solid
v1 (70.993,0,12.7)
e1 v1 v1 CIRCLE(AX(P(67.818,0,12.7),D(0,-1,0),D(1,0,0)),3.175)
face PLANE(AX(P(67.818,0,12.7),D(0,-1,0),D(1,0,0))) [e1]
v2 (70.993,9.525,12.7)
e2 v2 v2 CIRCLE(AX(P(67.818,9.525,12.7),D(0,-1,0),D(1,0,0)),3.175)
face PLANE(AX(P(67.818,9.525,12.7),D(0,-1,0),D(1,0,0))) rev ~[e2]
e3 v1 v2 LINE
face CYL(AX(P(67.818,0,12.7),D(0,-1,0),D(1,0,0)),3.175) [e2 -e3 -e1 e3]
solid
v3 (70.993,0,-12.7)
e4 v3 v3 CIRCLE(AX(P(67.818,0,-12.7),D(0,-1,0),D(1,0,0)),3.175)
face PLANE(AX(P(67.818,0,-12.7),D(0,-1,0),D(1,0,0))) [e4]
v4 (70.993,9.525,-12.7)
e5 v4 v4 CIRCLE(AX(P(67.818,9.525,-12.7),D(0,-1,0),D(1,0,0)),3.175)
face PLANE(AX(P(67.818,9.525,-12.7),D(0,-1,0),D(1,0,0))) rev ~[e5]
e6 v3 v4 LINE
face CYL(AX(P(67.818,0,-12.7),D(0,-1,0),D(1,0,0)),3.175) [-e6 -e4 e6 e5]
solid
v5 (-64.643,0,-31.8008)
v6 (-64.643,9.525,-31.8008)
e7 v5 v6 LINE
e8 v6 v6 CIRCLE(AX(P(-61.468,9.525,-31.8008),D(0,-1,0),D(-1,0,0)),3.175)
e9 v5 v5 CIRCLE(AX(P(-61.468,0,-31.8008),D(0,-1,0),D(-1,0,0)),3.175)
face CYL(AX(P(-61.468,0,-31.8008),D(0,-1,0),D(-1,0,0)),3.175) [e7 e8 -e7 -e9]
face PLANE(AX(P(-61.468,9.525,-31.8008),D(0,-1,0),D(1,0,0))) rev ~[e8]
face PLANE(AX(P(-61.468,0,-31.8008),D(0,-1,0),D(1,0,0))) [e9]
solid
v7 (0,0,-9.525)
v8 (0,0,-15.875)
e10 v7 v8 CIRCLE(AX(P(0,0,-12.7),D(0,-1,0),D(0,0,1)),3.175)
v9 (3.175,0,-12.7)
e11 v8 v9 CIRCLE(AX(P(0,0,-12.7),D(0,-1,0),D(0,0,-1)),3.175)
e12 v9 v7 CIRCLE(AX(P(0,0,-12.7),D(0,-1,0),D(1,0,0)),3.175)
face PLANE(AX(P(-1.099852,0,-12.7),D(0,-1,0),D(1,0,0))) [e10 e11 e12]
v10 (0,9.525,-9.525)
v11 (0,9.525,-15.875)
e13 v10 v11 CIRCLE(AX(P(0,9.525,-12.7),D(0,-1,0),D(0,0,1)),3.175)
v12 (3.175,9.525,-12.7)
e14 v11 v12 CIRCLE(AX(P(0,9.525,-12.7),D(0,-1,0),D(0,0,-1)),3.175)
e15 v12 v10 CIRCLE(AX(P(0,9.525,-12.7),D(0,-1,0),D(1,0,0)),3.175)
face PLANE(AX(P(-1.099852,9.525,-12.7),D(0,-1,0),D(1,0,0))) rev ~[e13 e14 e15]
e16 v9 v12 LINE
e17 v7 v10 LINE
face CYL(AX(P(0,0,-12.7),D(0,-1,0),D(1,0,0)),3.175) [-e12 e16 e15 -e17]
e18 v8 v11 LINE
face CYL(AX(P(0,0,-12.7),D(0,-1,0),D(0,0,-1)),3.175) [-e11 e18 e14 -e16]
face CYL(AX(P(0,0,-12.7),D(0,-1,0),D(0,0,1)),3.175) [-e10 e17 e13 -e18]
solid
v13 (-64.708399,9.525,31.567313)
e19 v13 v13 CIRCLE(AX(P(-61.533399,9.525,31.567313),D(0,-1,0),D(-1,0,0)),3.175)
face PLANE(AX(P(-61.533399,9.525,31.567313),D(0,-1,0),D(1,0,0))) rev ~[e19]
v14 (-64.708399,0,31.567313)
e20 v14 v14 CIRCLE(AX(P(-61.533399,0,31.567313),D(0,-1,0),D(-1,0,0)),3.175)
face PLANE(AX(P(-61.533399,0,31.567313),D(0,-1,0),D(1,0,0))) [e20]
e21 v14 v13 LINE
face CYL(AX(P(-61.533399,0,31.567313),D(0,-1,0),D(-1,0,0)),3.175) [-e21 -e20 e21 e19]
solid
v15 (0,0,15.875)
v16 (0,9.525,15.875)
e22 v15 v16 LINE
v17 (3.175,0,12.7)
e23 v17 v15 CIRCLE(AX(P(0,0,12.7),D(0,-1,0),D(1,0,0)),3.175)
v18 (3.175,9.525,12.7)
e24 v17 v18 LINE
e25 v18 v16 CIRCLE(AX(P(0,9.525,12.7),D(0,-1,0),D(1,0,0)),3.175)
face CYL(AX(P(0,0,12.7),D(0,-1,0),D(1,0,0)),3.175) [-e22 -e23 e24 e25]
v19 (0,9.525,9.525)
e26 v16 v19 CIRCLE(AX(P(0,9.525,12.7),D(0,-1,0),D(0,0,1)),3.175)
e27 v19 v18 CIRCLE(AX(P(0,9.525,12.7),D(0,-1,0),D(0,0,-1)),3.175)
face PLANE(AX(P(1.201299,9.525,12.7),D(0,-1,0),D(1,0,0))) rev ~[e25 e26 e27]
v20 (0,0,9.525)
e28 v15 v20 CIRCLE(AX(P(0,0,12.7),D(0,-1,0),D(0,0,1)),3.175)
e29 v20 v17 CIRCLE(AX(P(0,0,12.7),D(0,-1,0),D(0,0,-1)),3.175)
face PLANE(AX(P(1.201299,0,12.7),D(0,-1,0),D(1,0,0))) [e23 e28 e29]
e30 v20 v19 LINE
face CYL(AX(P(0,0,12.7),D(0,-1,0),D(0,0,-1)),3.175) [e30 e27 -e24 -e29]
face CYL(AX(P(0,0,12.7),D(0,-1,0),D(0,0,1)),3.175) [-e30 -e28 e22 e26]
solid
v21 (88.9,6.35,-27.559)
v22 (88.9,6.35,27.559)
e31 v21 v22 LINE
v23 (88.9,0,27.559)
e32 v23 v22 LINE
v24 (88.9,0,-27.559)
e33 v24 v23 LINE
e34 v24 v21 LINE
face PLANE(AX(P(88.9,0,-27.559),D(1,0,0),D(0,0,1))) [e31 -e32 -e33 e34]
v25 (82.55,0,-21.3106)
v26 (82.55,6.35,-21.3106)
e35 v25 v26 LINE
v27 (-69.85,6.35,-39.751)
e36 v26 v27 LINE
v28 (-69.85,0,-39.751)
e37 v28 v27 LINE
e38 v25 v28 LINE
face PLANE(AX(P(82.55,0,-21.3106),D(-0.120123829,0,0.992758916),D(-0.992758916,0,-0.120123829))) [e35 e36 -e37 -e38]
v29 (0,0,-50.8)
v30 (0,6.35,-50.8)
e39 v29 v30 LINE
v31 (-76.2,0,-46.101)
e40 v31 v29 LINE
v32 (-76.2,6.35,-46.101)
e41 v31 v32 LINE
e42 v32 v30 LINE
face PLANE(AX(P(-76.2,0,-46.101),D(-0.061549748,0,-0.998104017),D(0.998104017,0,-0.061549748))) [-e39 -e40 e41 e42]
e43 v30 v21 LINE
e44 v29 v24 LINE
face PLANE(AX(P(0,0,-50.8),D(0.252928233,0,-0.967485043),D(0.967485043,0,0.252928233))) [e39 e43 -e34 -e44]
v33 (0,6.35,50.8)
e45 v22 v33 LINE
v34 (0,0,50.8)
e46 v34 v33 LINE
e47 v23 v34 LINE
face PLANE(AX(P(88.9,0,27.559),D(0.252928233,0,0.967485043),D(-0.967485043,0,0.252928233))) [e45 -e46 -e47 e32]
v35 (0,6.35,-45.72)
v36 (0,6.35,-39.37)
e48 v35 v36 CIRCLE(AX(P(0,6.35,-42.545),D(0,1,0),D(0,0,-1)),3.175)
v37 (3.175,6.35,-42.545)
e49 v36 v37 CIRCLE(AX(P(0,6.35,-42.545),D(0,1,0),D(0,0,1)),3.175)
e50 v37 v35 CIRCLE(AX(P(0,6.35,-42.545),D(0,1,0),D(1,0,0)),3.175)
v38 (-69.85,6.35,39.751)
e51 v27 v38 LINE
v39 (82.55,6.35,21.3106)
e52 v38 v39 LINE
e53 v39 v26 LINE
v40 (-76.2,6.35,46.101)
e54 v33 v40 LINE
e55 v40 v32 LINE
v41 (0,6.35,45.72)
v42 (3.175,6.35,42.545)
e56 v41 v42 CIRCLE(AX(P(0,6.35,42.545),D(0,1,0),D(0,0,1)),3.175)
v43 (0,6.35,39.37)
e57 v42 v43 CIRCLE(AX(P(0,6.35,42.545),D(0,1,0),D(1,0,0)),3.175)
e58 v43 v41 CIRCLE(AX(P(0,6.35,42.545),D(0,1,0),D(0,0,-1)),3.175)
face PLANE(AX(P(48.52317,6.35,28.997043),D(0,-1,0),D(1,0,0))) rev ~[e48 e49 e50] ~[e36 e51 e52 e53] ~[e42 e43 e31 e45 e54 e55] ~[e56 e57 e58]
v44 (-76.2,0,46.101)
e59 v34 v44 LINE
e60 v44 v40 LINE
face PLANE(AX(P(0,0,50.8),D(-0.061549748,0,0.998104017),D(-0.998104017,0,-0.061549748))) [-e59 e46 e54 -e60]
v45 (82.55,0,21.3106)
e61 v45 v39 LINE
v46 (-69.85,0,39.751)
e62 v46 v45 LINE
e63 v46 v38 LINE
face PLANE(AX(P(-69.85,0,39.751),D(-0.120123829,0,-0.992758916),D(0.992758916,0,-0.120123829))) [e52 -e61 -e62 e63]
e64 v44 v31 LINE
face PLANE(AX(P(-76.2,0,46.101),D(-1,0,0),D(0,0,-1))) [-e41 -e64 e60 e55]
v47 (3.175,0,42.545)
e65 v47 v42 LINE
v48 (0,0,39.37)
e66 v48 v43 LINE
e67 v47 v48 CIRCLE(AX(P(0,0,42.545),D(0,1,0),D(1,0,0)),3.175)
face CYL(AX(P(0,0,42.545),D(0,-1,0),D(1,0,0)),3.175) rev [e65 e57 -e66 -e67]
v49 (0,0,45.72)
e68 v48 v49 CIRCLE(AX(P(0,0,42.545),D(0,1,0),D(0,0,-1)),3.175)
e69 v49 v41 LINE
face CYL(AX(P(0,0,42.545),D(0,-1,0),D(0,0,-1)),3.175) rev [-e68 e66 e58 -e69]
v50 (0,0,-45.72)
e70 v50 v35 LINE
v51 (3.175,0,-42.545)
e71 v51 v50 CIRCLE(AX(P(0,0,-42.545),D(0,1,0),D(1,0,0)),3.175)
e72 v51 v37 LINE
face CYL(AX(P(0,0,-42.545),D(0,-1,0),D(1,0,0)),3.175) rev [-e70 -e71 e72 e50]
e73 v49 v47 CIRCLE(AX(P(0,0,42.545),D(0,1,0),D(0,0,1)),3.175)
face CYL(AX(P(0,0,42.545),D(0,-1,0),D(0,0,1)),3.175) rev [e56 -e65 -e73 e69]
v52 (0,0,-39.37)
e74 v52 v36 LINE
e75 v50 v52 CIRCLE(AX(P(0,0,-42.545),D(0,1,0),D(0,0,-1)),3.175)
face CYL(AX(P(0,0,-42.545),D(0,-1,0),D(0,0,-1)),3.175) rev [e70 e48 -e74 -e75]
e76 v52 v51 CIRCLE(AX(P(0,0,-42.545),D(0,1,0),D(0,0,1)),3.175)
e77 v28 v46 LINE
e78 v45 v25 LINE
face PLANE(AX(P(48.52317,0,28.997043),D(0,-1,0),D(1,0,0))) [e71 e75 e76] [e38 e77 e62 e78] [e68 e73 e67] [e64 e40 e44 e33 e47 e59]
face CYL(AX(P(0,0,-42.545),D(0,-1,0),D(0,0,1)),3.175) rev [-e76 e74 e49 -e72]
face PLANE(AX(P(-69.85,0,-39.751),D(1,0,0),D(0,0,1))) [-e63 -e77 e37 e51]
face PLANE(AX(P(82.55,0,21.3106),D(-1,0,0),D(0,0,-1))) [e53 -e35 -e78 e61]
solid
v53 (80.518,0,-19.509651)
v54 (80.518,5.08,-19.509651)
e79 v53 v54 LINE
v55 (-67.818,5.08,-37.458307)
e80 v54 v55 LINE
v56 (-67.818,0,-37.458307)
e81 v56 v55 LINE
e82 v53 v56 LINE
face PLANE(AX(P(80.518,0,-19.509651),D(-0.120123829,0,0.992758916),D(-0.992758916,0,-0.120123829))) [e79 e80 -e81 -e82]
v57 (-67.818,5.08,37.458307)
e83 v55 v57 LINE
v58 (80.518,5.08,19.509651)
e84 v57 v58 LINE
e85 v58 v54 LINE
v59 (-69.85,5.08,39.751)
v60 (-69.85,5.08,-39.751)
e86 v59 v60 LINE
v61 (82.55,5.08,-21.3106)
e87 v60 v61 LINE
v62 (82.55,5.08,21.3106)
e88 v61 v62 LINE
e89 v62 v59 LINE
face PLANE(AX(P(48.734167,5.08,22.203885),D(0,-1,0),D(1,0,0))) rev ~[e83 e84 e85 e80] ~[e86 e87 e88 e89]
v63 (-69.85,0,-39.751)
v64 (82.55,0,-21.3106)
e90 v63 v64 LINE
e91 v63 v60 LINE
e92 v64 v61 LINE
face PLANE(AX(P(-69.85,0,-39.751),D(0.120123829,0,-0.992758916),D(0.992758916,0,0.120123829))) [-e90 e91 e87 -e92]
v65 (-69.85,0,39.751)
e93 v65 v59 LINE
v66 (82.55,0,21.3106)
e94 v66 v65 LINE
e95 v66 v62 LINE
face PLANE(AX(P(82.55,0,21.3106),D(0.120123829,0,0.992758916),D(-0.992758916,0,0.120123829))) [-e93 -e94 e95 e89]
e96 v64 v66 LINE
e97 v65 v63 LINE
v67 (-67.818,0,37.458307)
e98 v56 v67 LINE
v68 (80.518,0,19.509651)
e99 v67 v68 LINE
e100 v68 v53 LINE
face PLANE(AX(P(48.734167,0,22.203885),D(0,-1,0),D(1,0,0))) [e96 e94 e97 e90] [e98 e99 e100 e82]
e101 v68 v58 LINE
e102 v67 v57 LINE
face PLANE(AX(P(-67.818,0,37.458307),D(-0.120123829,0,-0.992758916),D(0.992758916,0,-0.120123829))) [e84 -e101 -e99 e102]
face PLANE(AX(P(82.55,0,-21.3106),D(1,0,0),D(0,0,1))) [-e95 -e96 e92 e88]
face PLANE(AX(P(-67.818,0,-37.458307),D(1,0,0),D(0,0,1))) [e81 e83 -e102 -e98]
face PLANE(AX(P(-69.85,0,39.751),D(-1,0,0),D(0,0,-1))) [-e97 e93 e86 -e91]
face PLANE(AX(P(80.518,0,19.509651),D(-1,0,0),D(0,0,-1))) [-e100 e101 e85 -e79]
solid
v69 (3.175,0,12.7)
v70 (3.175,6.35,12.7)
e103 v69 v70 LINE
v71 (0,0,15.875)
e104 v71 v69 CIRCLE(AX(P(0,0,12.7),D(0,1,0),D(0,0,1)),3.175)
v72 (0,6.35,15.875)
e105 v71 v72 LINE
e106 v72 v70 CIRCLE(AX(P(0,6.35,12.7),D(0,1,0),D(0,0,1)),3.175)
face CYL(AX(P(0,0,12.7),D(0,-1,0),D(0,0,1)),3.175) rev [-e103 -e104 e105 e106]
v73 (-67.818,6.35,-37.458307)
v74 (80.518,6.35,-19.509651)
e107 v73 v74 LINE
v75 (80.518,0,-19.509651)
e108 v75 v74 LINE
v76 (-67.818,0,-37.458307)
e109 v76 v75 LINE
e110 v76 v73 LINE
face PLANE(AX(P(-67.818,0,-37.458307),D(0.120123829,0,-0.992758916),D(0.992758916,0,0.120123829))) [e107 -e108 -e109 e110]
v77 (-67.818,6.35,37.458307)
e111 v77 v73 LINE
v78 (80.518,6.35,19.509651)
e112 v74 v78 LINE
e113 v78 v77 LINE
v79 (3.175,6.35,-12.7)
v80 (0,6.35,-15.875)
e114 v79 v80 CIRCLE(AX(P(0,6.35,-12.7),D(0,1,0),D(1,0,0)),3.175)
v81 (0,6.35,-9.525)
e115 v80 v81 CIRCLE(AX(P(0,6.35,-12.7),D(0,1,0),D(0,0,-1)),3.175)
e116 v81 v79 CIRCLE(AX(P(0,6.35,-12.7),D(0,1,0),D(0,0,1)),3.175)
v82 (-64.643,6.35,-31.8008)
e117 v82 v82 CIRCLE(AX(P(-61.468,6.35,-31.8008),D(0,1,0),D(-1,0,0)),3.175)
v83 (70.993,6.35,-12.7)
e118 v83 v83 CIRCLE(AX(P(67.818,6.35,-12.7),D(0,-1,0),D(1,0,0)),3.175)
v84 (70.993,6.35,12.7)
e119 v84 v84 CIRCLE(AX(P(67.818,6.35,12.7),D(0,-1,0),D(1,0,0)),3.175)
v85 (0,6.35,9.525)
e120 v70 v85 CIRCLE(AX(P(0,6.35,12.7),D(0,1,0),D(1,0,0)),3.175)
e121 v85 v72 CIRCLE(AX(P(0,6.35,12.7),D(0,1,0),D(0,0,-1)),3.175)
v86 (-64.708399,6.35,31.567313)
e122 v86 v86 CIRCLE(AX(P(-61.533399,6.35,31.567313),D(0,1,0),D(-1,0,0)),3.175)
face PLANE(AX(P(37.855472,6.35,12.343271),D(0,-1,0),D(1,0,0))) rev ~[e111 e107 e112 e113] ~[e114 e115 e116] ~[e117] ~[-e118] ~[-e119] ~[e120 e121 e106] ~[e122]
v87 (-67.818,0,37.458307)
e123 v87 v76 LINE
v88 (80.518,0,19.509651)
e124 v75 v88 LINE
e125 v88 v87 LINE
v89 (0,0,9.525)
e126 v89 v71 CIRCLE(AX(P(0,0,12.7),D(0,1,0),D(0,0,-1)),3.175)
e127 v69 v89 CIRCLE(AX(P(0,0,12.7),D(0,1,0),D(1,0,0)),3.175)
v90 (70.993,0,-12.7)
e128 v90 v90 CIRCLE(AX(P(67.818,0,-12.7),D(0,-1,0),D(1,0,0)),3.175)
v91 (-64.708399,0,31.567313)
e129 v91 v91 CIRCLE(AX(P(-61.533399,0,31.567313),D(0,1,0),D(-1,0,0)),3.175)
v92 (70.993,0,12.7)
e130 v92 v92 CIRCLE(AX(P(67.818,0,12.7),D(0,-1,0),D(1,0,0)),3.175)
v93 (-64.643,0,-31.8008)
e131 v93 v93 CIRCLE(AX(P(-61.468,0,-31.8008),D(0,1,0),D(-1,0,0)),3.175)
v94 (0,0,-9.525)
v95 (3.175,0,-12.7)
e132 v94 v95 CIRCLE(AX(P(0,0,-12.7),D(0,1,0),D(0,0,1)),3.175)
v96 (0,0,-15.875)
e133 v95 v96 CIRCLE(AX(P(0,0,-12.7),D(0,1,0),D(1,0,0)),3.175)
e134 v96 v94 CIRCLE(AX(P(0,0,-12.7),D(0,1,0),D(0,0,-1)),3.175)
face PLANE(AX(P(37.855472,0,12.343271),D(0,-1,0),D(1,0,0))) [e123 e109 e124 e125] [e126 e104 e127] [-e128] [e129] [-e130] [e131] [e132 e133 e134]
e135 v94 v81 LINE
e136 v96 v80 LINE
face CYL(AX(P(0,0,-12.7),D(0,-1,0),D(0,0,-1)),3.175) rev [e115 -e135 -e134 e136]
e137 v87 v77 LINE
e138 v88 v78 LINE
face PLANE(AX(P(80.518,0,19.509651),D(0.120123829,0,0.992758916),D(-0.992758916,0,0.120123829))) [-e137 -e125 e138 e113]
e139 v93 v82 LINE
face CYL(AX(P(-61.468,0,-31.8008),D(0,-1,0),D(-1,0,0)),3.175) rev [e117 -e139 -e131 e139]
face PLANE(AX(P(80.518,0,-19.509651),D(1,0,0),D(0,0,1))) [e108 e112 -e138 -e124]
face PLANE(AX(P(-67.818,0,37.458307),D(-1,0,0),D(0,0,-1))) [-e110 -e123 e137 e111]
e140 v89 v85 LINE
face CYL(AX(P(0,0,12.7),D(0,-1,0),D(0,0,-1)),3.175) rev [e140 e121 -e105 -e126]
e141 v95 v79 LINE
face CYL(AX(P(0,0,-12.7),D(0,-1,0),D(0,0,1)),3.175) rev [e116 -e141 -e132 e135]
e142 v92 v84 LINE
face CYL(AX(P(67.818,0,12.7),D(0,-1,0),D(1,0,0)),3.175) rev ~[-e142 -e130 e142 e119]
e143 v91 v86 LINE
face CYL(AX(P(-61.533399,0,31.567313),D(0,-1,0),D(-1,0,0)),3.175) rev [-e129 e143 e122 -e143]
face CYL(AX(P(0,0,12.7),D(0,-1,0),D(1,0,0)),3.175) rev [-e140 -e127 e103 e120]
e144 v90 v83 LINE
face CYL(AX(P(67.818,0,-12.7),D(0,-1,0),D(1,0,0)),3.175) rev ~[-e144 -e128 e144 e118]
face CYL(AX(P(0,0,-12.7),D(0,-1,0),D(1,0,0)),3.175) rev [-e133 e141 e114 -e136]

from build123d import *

# Parameters (mm, degrees)
F0_R     = 3.175
F1_DEPTH = 6.35
F2_DEPTH = 6.35
F3_DEPTH = 5.08
F4_DEPTH = 9.525


with BuildPart() as f1:
    # F0 (on Front) → F1 (new body)
    with BuildSketch(Plane.XZ):
        with BuildLine():
            Line((0, 9.525), (0, 0))
            Line((0, 0), (80.518, 0))
            Line((80.518, 0), (80.518, 19.5096507962))
            Line((80.518, 19.5096507962), (0, 29.2523287962))
            Line((0, 29.2523287962), (0, 15.875))
            ThreePointArc((0, 15.875), (2.2450640303, 14.9450640303), (3.175, 12.7))
            ThreePointArc((3.175, 12.7), (2.2450640303, 10.4549359697), (0, 9.525))
        make_face()
        with Locations((67.818, 12.7)):
            Circle(F0_R, mode=Mode.SUBTRACT)
        with BuildLine():
            Line((-67.818, 0), (0, 0))
            Line((0, 0), (0, 9.525))
            ThreePointArc((0, 9.525), (-3.175, 12.7), (0, 15.875))
            Line((0, 15.875), (0, 29.2523287962))
            Line((0, 29.2523287962), (-67.818, 37.4583067962))
            Line((-67.818, 37.4583067962), (-67.818, 31.567312777))
            Line((-67.818, 31.567312777), (-67.818, 0))
        make_face()
        with BuildLine():
            ThreePointArc((-58.3583989263, 31.567312777), (-61.5333989263, 28.392312777), (-64.7083989263, 31.567312777))
            ThreePointArc((-64.7083989263, 31.567312777), (-61.5333989263, 34.742312777), (-58.3583989263, 31.567312777))
        make_face(mode=Mode.SUBTRACT)
        with BuildLine():
            Line((0, -9.525), (0, 0))
            Line((0, 0), (-67.818, 0))
            Line((-67.818, 0), (-67.818, -31.8008))
            Line((-67.818, -31.8008), (-67.818, -37.4583067962))
            Line((-67.818, -37.4583067962), (0, -29.2523287962))
            Line((0, -29.2523287962), (0, -15.875))
            ThreePointArc((0, -15.875), (-3.175, -12.7), (0, -9.525))
        make_face()
        with BuildLine():
            ThreePointArc((-58.293, -31.8008), (-61.468, -34.9758), (-64.643, -31.8008))
            ThreePointArc((-64.643, -31.8008), (-61.468, -28.6258), (-58.293, -31.8008))
        make_face(mode=Mode.SUBTRACT)
        with BuildLine():
            Line((80.518, 0), (0, 0))
            Line((0, 0), (0, -9.525))
            ThreePointArc((0, -9.525), (2.2450640303, -10.4549359697), (3.175, -12.7))
            ThreePointArc((3.175, -12.7), (2.2450640303, -14.9450640303), (0, -15.875))
            Line((0, -15.875), (0, -29.2523287962))
            Line((0, -29.2523287962), (80.518, -19.5096507962))
            Line((80.518, -19.5096507962), (80.518, 0))
        make_face()
        with Locations((67.818, -12.7)):
            Circle(F0_R, mode=Mode.SUBTRACT)
    extrude(amount=-F1_DEPTH)


with BuildPart() as f2:
    # F0 (on Front) → F2 (new body)
    with BuildSketch(Plane.XZ):
        with BuildLine():
            Line((82.55, 21.3106), (82.55, 0))
            Line((82.55, 0), (88.9, 0))
            Line((88.9, 0), (88.9, 27.559))
            Line((88.9, 27.559), (0, 50.8))
            Line((0, 50.8), (0, 45.72))
            ThreePointArc((0, 45.72), (2.2450640303, 44.7900640303), (3.175, 42.545))
            ThreePointArc((3.175, 42.545), (2.2450640303, 40.2999359697), (0, 39.37))
            Line((0, 39.37), (0, 31.29915))
            Line((0, 31.29915), (82.55, 21.3106))
        make_face()
        with BuildLine():
            Line((88.9, 0), (82.55, 0))
            Line((82.55, 0), (82.55, -21.3106))
            Line((82.55, -21.3106), (0, -31.29915))
            Line((0, -31.29915), (0, -39.37))
            ThreePointArc((0, -39.37), (2.2450640303, -40.2999359697), (3.175, -42.545))
            ThreePointArc((3.175, -42.545), (2.2450640303, -44.7900640303), (0, -45.72))
            Line((0, -45.72), (0, -50.8))
            Line((0, -50.8), (88.9, -27.559))
            Line((88.9, -27.559), (88.9, 0))
        make_face()
        with BuildLine():
            Line((-69.85, -37.7041787962), (-69.85, 0))
            Line((-69.85, 0), (-76.2, 0))
            Line((-76.2, 0), (-76.2, -46.101))
            Line((-76.2, -46.101), (0, -50.8))
            Line((0, -50.8), (0, -45.72))
            ThreePointArc((0, -45.72), (-3.175, -42.545), (0, -39.37))
            Line((0, -39.37), (0, -31.29915))
            Line((0, -31.29915), (-67.818, -39.505128))
            Line((-67.818, -39.505128), (-69.85, -39.751))
            Line((-69.85, -39.751), (-69.85, -37.7041787962))
        make_face()
        with BuildLine():
            Line((-76.2, 0), (-69.85, 0))
            Line((-69.85, 0), (-69.85, 37.7041787962))
            Line((-69.85, 37.7041787962), (-69.85, 39.751))
            Line((-69.85, 39.751), (-67.818, 39.505128))
            Line((-67.818, 39.505128), (0, 31.29915))
            Line((0, 31.29915), (0, 39.37))
            ThreePointArc((0, 39.37), (-3.175, 42.545), (0, 45.72))
            Line((0, 45.72), (0, 50.8))
            Line((0, 50.8), (-76.2, 46.101))
            Line((-76.2, 46.101), (-76.2, 0))
        make_face()
    extrude(amount=-F2_DEPTH)


with BuildPart() as f3:
    # F0 (on Front) → F3 (new body)
    with BuildSketch(Plane.XZ):
        Polygon((80.518, 19.5096507962), (80.518, 0), (82.55, 0), (82.55, 21.3106), (0, 31.29915), (0, 29.2523287962), align=None)
        Polygon((-67.818, 37.4583067962), (0, 29.2523287962), (0, 31.29915), (-67.818, 39.505128), align=None)
        Polygon((-69.85, 0), (-67.818, 0), (-67.818, 31.567312777), (-67.818, 37.4583067962), (-69.85, 37.7041787962), align=None)
        Polygon((-69.85, 39.751), (-69.85, 37.7041787962), (-67.818, 37.4583067962), (-67.818, 39.505128), align=None)
        Polygon((-67.818, -31.8008), (-67.818, 0), (-69.85, 0), (-69.85, -37.7041787962), (-67.818, -37.4583067962), align=None)
        Polygon((-67.818, -37.4583067962), (-69.85, -37.7041787962), (-69.85, -39.751), (-67.818, -39.505128), align=None)
        Polygon((0, -31.29915), (0, -29.2523287962), (-67.818, -37.4583067962), (-67.818, -39.505128), align=None)
        Polygon((82.55, 0), (80.518, 0), (80.518, -19.5096507962), (0, -29.2523287962), (0, -31.29915), (82.55, -21.3106), align=None)
    extrude(amount=-F3_DEPTH)


with BuildPart() as f4:
    # F0 (on Front) → F4 (new body)
    with BuildSketch(Plane.XZ):
        with BuildLine():
            ThreePointArc((-58.3583989263, 31.567312777), (-61.5333989263, 34.742312777), (-64.7083989263, 31.567312777))
            ThreePointArc((-64.7083989263, 31.567312777), (-61.5333989263, 28.392312777), (-58.3583989263, 31.567312777))
        make_face()
    extrude(amount=-F4_DEPTH)


with BuildPart() as f4b:
    # F0 (on Front) → F4, piece 2 (new body)
    with BuildSketch(Plane.XZ):
        with BuildLine():
            ThreePointArc((-58.293, -31.8008), (-61.468, -28.6258), (-64.643, -31.8008))
            ThreePointArc((-64.643, -31.8008), (-61.468, -34.9758), (-58.293, -31.8008))
        make_face()
    extrude(amount=-F4_DEPTH)


with BuildPart() as f4c:
    # F0 (on Front) → F4, piece 3 (new body)
    with BuildSketch(Plane.XZ):
        with Locations((67.818, -12.7)):
            Circle(F0_R)
    extrude(amount=-F4_DEPTH)


with BuildPart() as f4d:
    # F0 (on Front) → F4, piece 4 (new body)
    with BuildSketch(Plane.XZ):
        with BuildLine():
            Line((0, -15.875), (0, -9.525))
            ThreePointArc((0, -9.525), (-3.175, -12.7), (0, -15.875))
        make_face()
        with BuildLine():
            ThreePointArc((3.175, -12.7), (2.2450640303, -10.4549359697), (0, -9.525))
            Line((0, -9.525), (0, -15.875))
            ThreePointArc((0, -15.875), (2.2450640303, -14.9450640303), (3.175, -12.7))
        make_face()
    extrude(amount=-F4_DEPTH)


with BuildPart() as f4e:
    # F0 (on Front) → F4, piece 5 (new body)
    with BuildSketch(Plane.XZ):
        with BuildLine():
            Line((0, 15.875), (0, 9.525))
            ThreePointArc((0, 9.525), (2.2450640303, 10.4549359697), (3.175, 12.7))
            ThreePointArc((3.175, 12.7), (2.2450640303, 14.9450640303), (0, 15.875))
        make_face()
        with BuildLine():
            ThreePointArc((0, 15.875), (-3.175, 12.7), (0, 9.525))
            Line((0, 9.525), (0, 15.875))
        make_face()
    extrude(amount=-F4_DEPTH)


with BuildPart() as f4f:
    # F0 (on Front) → F4, piece 6 (new body)
    with BuildSketch(Plane.XZ):
        with Locations((67.818, 12.7)):
            Circle(F0_R)
    extrude(amount=-F4_DEPTH)


solid = Compound([f1.part, f2.part, f3.part, f4.part, f4b.part, f4c.part, f4d.part, f4e.part, f4f.part])
